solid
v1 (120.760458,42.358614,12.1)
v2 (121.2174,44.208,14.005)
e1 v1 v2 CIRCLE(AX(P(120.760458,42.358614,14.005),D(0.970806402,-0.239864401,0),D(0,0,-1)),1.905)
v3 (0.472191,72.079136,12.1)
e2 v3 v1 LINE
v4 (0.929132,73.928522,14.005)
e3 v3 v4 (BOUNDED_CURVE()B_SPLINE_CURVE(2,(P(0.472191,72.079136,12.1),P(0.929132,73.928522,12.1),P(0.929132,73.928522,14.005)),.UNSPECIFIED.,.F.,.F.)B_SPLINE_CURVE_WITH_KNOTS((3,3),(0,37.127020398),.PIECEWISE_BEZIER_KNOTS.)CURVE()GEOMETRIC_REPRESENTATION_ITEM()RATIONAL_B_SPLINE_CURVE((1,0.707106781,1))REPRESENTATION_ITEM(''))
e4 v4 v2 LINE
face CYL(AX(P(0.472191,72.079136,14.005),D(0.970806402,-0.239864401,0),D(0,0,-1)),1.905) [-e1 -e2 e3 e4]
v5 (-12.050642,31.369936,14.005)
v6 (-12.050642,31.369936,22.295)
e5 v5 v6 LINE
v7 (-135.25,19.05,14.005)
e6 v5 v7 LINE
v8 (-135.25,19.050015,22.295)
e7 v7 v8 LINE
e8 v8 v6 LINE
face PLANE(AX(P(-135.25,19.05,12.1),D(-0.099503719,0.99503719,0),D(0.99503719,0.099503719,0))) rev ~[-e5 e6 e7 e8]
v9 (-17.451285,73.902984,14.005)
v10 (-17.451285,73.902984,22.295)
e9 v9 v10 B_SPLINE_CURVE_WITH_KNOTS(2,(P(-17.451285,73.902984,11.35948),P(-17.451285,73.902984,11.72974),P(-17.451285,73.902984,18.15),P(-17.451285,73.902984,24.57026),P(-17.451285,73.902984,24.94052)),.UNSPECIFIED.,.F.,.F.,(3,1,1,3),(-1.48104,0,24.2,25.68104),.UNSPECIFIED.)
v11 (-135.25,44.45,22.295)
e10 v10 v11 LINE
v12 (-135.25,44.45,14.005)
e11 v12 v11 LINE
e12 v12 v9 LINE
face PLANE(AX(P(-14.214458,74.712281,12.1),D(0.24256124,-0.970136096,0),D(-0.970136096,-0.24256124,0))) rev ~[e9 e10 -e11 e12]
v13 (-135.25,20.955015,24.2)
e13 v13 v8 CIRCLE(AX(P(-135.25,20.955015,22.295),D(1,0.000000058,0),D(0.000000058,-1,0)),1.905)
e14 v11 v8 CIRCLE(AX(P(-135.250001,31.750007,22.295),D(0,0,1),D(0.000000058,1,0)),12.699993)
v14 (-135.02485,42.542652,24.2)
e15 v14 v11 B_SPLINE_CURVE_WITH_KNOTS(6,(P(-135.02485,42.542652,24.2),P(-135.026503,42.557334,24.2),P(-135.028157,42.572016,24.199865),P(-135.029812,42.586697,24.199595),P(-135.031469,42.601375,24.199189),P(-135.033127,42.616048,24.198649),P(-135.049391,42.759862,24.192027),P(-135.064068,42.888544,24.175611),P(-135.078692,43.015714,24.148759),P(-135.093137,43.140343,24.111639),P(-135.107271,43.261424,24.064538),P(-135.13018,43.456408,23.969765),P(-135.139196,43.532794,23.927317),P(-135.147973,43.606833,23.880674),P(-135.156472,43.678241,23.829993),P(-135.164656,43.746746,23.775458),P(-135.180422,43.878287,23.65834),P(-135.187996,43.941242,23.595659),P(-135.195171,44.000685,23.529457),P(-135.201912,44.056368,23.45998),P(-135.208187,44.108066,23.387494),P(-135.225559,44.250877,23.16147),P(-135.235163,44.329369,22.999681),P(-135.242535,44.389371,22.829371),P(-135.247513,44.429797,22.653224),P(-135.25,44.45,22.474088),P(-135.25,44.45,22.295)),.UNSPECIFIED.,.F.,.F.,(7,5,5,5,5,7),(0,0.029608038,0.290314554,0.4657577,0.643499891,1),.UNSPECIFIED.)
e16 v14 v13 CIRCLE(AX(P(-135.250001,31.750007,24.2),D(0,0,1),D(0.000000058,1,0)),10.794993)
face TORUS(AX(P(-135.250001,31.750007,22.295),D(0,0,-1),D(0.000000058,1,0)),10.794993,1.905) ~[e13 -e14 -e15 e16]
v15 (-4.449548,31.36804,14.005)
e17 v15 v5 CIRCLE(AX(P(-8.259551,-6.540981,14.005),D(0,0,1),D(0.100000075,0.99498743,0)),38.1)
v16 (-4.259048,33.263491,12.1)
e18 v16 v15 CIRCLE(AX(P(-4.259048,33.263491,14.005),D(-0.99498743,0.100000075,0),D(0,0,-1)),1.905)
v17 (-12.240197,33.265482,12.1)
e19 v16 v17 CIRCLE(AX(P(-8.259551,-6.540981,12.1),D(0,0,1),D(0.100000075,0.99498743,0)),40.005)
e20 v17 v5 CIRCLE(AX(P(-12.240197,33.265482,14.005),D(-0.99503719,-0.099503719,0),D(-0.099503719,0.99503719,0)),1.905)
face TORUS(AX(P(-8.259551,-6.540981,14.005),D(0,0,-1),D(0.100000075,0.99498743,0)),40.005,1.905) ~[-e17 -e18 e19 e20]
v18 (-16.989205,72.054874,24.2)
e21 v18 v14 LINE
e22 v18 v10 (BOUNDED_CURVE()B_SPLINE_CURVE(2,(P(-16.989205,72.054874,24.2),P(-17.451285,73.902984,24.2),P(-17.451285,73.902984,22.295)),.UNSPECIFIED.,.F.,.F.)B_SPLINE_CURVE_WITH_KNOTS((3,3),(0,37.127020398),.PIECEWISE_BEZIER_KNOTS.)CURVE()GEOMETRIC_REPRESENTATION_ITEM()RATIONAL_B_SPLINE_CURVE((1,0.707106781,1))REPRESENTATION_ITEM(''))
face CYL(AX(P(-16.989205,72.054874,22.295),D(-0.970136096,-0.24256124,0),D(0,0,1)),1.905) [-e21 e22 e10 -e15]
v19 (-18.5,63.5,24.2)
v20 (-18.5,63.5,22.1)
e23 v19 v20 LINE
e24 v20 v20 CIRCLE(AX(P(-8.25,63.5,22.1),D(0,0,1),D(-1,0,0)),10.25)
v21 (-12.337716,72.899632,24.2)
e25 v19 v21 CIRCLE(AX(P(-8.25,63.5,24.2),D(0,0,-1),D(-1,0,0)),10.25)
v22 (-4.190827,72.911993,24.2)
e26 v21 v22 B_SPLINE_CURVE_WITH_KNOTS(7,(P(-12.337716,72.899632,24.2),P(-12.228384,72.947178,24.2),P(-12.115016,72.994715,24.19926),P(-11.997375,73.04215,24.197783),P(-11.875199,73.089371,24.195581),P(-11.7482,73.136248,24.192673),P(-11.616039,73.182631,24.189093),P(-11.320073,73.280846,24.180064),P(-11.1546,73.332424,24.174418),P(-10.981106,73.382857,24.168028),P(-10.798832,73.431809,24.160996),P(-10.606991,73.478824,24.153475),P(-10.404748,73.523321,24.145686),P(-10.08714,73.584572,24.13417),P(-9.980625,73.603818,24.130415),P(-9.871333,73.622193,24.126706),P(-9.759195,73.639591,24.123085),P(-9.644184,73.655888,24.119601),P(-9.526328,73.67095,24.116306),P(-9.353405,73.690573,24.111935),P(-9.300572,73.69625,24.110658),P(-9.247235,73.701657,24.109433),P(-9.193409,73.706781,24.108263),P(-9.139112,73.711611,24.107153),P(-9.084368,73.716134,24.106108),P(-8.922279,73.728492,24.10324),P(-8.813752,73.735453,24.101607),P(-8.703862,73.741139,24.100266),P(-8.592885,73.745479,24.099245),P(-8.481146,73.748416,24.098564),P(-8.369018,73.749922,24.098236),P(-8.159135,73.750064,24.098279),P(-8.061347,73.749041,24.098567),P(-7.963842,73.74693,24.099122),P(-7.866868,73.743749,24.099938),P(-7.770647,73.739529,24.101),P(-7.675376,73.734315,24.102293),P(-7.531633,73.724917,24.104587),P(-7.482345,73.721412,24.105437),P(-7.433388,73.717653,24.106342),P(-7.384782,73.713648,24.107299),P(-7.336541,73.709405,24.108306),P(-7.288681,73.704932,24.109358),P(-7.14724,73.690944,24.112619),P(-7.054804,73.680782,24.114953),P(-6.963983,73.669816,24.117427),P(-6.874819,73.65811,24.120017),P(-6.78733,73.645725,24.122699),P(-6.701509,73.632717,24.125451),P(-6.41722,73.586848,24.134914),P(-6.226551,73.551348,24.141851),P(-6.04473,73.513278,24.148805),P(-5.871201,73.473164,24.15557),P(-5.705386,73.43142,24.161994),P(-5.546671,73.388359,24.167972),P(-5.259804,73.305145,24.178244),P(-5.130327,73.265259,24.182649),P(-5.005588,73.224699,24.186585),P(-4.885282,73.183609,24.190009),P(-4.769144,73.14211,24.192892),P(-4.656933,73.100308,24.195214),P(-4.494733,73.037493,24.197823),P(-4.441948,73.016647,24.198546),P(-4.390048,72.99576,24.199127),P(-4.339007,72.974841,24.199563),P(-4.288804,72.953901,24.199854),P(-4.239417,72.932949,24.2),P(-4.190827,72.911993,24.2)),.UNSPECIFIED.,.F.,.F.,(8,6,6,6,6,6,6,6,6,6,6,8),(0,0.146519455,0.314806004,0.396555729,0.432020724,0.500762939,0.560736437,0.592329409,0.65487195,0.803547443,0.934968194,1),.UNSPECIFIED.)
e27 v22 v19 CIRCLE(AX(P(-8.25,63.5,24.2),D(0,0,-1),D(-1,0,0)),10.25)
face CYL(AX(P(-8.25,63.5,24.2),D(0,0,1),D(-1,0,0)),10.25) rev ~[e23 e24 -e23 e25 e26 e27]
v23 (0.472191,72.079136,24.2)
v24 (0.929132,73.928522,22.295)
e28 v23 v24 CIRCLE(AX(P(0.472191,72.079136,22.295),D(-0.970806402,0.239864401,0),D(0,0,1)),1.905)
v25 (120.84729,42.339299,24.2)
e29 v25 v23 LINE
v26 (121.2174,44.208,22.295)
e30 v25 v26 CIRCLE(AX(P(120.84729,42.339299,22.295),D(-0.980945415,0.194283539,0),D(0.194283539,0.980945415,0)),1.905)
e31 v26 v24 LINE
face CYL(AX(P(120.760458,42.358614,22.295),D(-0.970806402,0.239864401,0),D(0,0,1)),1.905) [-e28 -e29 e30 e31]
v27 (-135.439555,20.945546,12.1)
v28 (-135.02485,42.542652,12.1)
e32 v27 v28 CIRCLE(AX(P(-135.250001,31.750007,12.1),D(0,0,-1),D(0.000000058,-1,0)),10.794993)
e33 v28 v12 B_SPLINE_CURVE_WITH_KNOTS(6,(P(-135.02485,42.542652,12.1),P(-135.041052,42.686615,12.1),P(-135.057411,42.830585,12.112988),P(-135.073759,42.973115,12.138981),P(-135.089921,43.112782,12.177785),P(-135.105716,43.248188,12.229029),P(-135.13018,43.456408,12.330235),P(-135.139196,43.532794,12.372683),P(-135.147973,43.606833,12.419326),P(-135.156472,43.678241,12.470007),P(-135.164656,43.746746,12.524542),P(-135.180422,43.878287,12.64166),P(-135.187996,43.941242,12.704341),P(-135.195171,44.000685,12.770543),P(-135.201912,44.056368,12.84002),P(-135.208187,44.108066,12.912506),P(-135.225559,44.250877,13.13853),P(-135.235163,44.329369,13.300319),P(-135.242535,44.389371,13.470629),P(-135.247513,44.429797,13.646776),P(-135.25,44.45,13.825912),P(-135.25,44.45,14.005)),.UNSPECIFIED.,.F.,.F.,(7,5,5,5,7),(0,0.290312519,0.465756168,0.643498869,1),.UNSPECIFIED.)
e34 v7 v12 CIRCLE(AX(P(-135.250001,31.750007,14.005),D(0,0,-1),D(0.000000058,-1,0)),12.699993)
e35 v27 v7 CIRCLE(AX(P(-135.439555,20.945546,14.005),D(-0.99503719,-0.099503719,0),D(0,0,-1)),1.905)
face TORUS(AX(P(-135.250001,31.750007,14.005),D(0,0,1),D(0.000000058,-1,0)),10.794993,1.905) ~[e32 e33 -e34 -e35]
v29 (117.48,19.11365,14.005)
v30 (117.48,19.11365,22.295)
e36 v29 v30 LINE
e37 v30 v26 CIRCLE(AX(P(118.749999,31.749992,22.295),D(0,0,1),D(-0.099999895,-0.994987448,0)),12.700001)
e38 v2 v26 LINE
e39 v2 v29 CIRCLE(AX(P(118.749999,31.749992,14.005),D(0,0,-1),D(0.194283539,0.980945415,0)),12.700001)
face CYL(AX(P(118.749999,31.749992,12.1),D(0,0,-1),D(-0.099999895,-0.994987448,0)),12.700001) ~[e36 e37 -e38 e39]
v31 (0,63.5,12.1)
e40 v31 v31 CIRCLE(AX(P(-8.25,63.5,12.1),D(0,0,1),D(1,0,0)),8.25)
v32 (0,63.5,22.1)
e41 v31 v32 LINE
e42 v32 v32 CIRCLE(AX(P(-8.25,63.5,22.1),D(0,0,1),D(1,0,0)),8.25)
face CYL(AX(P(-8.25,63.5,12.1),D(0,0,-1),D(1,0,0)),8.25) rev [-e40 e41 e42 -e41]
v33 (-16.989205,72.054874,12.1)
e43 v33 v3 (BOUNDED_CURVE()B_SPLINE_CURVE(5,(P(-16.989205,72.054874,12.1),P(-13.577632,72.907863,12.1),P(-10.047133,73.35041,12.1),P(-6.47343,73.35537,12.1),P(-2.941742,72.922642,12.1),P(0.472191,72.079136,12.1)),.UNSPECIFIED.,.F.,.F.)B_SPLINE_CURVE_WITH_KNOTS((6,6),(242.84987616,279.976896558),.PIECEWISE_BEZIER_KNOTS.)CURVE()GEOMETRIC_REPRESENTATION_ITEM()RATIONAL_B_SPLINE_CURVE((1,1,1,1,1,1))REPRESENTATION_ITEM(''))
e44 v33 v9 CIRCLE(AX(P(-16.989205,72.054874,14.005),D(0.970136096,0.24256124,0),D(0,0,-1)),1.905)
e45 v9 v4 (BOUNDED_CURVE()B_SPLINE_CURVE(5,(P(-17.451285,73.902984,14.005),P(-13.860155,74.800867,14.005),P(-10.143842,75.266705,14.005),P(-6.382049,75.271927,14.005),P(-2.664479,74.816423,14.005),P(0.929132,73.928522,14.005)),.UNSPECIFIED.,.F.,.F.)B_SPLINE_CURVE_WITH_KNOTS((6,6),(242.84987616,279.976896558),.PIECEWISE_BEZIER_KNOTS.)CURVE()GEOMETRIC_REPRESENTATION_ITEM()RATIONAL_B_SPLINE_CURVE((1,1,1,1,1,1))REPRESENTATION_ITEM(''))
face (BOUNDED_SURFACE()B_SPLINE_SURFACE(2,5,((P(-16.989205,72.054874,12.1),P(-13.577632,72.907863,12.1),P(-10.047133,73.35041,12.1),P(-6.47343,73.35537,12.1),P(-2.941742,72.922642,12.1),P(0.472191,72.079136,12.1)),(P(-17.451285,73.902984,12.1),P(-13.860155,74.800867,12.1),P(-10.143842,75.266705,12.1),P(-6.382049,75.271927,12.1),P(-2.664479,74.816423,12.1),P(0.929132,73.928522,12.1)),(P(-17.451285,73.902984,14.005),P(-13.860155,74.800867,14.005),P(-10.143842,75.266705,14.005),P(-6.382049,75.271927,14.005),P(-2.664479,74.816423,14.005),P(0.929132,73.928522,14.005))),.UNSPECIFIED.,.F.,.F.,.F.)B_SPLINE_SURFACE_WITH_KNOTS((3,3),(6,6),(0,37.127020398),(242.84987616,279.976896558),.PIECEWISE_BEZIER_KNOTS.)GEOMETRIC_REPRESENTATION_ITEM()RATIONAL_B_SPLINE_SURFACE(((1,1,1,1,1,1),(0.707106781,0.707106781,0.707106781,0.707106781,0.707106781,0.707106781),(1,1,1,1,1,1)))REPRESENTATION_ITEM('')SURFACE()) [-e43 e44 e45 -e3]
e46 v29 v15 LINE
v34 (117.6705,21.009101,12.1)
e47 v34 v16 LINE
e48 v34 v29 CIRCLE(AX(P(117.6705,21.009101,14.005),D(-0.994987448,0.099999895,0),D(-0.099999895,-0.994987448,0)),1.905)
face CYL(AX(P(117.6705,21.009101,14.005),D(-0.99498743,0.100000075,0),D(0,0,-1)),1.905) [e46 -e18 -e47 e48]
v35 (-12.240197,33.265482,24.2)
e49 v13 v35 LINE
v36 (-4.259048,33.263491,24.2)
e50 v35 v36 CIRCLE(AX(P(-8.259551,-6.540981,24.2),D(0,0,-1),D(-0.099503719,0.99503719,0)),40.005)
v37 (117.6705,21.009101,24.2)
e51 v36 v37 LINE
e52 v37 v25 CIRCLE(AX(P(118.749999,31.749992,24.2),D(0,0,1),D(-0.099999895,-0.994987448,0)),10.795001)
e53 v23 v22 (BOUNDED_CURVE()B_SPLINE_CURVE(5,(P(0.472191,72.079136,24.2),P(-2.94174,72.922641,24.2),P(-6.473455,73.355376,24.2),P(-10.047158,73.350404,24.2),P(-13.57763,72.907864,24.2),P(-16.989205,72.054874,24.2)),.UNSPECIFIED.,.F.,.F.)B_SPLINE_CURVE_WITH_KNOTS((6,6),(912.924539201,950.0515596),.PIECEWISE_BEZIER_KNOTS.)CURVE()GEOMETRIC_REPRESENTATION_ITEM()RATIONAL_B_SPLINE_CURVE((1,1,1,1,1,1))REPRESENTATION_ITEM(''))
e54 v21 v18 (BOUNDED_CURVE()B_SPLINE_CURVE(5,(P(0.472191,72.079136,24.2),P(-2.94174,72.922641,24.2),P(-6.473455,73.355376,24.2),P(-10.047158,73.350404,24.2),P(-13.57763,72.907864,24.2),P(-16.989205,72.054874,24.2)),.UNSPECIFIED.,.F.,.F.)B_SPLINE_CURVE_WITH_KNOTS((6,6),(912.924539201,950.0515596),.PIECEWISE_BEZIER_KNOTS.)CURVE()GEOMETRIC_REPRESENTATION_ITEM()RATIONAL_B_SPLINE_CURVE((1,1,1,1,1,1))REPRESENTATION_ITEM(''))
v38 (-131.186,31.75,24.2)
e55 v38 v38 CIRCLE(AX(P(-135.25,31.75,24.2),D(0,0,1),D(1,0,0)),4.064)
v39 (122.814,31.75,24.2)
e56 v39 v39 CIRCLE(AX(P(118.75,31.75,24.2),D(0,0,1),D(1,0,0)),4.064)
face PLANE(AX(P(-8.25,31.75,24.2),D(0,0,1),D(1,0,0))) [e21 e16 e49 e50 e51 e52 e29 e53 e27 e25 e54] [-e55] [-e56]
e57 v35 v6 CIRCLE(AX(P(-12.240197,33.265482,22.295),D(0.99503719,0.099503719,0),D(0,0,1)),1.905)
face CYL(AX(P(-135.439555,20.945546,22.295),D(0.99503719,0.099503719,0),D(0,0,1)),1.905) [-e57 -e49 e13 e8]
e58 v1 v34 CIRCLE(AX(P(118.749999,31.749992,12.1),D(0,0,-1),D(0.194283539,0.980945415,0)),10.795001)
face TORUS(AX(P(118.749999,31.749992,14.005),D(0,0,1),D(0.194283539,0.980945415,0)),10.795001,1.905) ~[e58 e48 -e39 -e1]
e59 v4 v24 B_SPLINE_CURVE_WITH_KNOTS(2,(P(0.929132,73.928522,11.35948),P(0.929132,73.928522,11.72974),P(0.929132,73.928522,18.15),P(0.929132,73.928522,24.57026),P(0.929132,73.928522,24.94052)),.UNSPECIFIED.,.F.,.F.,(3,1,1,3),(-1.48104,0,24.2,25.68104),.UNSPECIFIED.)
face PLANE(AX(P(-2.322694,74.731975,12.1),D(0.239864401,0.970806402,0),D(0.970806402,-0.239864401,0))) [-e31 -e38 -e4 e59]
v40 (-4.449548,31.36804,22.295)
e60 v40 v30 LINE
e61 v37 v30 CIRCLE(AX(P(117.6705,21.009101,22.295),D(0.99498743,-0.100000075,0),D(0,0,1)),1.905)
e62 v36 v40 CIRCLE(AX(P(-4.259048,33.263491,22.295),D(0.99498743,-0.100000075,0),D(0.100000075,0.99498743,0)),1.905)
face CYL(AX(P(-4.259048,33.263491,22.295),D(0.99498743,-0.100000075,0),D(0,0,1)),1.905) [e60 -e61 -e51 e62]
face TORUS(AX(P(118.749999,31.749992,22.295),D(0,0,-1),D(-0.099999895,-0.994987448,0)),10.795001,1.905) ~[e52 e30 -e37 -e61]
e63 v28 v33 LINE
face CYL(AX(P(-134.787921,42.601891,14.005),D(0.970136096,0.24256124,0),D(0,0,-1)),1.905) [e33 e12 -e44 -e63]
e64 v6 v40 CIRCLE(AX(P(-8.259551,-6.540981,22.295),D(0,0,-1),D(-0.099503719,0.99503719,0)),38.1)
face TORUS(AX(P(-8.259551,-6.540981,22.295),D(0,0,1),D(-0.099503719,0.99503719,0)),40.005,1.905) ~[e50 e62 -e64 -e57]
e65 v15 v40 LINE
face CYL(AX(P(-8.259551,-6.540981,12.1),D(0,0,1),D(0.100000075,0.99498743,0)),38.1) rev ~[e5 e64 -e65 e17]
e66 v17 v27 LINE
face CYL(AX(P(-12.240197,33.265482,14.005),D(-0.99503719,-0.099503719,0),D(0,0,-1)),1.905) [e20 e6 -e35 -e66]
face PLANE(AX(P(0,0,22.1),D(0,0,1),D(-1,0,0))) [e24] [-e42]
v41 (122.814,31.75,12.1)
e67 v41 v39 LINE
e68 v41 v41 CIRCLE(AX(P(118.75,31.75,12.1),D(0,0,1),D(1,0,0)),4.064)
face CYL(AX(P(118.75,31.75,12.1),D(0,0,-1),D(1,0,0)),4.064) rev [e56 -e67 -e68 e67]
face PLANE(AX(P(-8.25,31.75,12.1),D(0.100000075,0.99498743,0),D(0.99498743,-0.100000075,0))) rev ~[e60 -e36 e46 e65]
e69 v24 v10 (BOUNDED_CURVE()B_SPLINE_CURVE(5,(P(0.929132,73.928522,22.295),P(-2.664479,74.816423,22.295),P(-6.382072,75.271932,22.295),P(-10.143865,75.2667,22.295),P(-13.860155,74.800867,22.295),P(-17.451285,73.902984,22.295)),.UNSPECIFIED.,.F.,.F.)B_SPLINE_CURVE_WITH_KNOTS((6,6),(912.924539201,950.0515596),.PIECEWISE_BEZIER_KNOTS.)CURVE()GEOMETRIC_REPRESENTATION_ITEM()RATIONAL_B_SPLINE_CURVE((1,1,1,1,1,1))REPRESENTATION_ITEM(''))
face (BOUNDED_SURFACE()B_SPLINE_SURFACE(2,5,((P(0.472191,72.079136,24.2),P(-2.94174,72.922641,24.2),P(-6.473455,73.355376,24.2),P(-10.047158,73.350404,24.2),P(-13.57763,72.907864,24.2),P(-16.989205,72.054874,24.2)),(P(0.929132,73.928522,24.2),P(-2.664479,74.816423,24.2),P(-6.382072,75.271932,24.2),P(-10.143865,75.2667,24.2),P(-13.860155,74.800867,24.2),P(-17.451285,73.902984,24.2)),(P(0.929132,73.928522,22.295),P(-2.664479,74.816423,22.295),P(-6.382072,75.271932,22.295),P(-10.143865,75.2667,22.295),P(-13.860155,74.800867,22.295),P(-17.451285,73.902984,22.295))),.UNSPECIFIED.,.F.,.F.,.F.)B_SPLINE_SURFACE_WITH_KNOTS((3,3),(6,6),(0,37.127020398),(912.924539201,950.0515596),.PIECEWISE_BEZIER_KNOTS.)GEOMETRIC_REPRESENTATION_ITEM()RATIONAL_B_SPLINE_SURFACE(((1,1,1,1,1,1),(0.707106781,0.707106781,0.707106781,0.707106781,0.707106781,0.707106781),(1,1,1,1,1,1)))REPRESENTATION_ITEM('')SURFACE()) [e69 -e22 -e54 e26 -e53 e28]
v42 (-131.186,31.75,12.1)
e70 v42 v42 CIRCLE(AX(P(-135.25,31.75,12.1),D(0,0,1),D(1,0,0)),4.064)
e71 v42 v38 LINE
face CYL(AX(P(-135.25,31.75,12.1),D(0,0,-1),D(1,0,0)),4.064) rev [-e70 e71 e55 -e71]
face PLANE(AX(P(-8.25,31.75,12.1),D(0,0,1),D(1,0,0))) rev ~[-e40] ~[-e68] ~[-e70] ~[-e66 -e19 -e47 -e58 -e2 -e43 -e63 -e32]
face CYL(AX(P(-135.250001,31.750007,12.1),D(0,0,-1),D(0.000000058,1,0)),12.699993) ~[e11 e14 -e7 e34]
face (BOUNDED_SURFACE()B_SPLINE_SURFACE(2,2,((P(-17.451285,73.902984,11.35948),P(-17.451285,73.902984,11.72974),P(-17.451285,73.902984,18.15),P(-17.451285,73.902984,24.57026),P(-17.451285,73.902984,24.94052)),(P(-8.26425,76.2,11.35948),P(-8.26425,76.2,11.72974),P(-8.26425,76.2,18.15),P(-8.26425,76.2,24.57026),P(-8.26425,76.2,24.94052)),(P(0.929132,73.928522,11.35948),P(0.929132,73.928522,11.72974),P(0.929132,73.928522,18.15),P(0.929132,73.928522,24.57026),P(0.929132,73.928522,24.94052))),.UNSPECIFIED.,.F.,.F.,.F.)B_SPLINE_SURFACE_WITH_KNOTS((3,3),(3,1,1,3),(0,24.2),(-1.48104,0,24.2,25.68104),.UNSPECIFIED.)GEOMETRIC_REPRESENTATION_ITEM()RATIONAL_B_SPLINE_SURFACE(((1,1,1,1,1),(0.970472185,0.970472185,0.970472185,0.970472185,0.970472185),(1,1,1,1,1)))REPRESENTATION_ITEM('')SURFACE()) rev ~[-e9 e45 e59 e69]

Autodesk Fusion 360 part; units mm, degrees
sketch "Sketch1" plane through (0, 0, 0) normal (0, 0, 1) x (1, 0, 0)
  line L0 (0, 0) -> (254, 0) construction
  line L1 (0, 0) -> (-254, 0) construction
  circle A0 centre (-254, 0) radius 8.128
  circle A1 centre (254, 0) radius 8.128
  line L2 (0, 0) -> (0, 63.5) construction
  circle A2 centre (0, 63.5) radius 16.5
  line L3 (-254, -25.4) -> (0, 0)
  line L4 (0, 0) -> (251.46, -25.2727)
  arc A3 (-254, 25.4) -> (-248.9703, -24.897) centre (-254, 0) ccw
  arc A4 (251.46, -25.2727) -> (258.9348, 24.916) centre (254, 0) ccw
  line L5 (-0.0285, 88.9) -> (-254, 25.4)
  line L6 (-0.0285, 88.9) -> (258.9348, 24.916)
  arc A5 (11.8546, 85.9639) -> (-11.9289, 85.9245) centre (0, 63.5) ccw
  dimension "d1" = 254
  dimension "d2" = 254
  dimension "d3" = 16.256
  dimension "d4" = 16.256
  dimension "d5" = 33
extrude "Extrude1" add sketch "Sketch1" along normal blind 24.2 contours L3 L4 A3 A4 L5 L6
fillet "Fillet1" radius 76.2 2 edges at (0, 0, 12.1) (-0.0285, 88.9, 12.1)
fillet "Fillet2" radius 3.81 16 edges at (-130.8006, -13.0801, 24.2) (-0.0001, -0.382, 24.2) (129.5305, -13.0183, 24.2) (279.1229, -3.7416, 24.2) (-279.4, 0, 24.2) (-130.8006, -13.0801, 0) (-0.0001, -0.382, 0) (129.5305, -13.0183, 0) (279.1229, -3.7416, 0) (-279.4, 0, 0) (138.6465, 54.6365, 24.2) (-0.0253, 86.5815, 24.2) (-136.2013, 54.853, 24.2) (-136.2013, 54.853, 0) (-0.0253, 86.5815, 0) (138.6465, 54.6365, 0)
scale "Scale1" factor 0.5 about (-16.5, 63.5, 24.2) bodies 1
sketch "Sketch2" plane through (0, 0, 24.2) normal (0, 0, 1) x (-1, 0, 0)
  circle A0 centre (8.25, -63.5) radius 8.25
  circle A1 centre (-118.75, -31.75) radius 4.064
  circle A2 centre (135.25, -31.75) radius 4.064
  line L0 (135.3412, -20.9554) -> (12.2402, -33.2655)
  arc A3 (4.259, -33.2635) -> (12.2402, -33.2655) centre (8.2595, 6.541) ccw
  line L1 (4.259, -33.2635) -> (-117.6705, -21.0091)
  arc A4 (-117.6705, -21.0091) -> (-120.8054, -42.3475) centre (-118.75, -31.75) ccw
  line L2 (-120.8054, -42.3475) -> (-0.4722, -72.0791)
  arc A5 (-0.4722, -72.0791) -> (16.9892, -72.0549) centre (8.2097, -36.9408) ccw
  line L3 (16.9892, -72.0549) -> (135.0248, -42.5427)
  arc A6 (135.0248, -42.5427) -> (135.3412, -20.9554) centre (135.25, -31.75) ccw
  circle A7 centre (8.25, -63.5) radius 10.25
  dimension "d13" = 20.5
extrude "Extrude2" cut sketch "Sketch2" against normal blind 2.1 contours A5 A7 | A5 A7
